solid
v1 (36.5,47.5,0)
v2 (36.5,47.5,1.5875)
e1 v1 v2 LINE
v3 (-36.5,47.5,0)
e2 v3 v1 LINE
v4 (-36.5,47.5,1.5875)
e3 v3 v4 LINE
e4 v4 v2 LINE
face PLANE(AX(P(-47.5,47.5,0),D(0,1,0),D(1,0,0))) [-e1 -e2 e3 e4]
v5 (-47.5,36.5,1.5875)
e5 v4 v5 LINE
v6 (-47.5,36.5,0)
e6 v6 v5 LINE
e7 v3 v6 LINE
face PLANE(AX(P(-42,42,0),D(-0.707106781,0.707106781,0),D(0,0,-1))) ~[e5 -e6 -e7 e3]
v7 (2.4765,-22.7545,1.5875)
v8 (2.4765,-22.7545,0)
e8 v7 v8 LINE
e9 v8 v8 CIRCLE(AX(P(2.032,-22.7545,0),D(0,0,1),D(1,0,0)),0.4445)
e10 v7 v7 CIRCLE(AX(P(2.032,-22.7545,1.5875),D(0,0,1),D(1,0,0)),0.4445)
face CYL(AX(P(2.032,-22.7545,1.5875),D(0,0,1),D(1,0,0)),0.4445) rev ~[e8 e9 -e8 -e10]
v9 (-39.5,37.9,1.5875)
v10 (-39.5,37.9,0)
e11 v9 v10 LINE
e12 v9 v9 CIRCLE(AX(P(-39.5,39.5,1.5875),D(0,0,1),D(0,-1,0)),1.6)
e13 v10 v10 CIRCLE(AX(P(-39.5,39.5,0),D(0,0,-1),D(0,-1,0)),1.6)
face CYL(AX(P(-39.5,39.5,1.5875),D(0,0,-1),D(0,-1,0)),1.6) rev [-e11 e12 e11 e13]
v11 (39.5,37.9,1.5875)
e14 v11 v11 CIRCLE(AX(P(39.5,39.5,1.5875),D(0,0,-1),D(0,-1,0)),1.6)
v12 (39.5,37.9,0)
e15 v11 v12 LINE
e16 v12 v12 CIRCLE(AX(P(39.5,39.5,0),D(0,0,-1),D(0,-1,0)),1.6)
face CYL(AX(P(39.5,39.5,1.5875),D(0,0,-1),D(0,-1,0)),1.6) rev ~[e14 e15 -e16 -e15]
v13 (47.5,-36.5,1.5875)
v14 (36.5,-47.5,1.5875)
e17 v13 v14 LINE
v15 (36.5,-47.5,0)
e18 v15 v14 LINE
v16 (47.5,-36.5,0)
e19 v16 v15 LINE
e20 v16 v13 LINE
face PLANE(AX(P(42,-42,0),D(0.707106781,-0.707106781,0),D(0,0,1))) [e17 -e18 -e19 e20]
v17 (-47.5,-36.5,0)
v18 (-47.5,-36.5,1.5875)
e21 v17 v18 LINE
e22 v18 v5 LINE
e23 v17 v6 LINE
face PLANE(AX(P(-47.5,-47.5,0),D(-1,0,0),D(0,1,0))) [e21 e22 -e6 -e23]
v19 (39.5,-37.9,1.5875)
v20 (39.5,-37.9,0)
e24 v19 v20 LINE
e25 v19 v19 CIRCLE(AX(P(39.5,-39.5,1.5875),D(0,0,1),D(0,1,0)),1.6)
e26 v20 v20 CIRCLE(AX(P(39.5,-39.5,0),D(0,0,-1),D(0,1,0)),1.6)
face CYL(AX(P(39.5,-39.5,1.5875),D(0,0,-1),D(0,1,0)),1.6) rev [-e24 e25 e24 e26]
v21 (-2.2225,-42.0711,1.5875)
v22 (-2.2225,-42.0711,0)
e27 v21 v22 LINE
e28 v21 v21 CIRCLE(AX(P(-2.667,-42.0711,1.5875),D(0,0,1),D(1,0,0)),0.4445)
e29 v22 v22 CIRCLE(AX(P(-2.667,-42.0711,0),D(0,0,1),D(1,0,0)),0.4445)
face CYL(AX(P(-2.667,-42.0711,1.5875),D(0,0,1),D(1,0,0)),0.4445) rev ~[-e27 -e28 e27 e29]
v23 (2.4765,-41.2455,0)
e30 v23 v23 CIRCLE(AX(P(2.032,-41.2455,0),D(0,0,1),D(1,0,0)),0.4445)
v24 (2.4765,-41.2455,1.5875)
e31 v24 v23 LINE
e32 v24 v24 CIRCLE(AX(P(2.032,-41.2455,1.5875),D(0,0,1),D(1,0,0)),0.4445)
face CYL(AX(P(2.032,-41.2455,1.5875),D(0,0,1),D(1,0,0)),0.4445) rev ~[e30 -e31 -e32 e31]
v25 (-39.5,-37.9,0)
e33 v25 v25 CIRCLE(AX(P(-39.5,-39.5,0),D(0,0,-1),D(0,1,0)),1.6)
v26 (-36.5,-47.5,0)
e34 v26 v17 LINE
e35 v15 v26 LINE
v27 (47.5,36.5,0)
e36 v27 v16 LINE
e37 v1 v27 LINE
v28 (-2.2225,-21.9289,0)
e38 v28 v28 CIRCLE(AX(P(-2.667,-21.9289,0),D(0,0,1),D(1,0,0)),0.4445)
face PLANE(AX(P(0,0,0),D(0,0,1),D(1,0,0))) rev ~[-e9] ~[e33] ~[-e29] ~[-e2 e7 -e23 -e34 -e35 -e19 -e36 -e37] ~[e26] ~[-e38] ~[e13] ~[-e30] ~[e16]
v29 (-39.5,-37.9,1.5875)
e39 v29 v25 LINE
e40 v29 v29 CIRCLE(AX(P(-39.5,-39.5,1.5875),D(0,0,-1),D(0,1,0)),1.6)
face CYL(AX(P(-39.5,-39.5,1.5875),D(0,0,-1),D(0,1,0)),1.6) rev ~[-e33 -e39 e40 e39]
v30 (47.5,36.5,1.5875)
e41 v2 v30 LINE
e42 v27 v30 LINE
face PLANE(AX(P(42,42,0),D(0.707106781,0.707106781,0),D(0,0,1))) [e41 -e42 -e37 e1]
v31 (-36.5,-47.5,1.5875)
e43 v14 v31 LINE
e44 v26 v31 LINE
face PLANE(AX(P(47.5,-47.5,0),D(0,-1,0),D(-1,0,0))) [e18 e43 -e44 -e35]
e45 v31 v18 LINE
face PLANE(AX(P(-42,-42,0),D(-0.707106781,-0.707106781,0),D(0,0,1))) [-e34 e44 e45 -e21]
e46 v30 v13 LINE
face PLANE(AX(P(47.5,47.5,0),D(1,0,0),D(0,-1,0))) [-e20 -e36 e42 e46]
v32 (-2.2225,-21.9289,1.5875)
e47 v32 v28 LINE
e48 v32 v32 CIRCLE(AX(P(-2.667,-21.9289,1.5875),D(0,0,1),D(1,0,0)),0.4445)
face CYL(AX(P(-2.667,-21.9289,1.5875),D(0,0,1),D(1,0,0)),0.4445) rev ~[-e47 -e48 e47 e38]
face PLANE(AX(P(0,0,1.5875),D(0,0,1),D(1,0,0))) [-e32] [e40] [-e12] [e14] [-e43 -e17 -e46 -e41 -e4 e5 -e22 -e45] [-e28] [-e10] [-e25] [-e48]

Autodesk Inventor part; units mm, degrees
sketch "AL_spacer_contact_Zminus" plane through (0, 0, 0) normal (0, 0, 1) x (1, 0, 0)
  circle A0 centre (39.5, 39.5) radius 3.175
  circle A1 centre (39.5, -39.5) radius 3.175
  circle A2 centre (-39.5, -39.5) radius 3.175
  circle A3 centre (-39.5, 39.5) radius 3.175
  point P0 (0, 0)
  dimension "d228" = 39.5
  dimension "d229" = 39.5
  dimension "d230" = 39.5
  dimension "d231" = 39.5
  dimension "d232" = 39.5
  dimension "d233" = 39.5
  dimension "d234" = 39.5
  dimension "d235" = 39.5
  dimension "d236" = 6.35
sketch "Delrin_stayout_Zminus" plane through (0, 0, 0) normal (0, 0, 1) x (1, 0, 0)
  line L0 (47.5, 39.5) -> (47.5, 31)
  line L1 (47.5, 31) -> (39.5, 31)
  line L2 (39.5, 31) -> (31, 39.5)
  line L3 (31, 39.5) -> (31, 47.5)
  line L4 (31, 47.5) -> (39.5, 47.5)
  line L5 (39.5, 47.5) -> (47.5, 39.5)
  line L6 (-39.5, 47.5) -> (-47.5, 39.5)
  line L7 (-47.5, 39.5) -> (-47.5, 31)
  line L8 (-47.5, 31) -> (-39.5, 31)
  line L9 (-39.5, 31) -> (-31, 39.5)
  line L10 (-31, 39.5) -> (-31, 47.5)
  line L11 (-31, 47.5) -> (-39.5, 47.5)
  line L12 (47.5, -39.5) -> (39.5, -47.5)
  line L13 (39.5, -47.5) -> (31, -47.5)
  line L14 (31, -47.5) -> (31, -39.5)
  line L15 (31, -39.5) -> (39.5, -31)
  line L16 (39.5, -31) -> (47.5, -31)
  line L17 (47.5, -31) -> (47.5, -39.5)
  line L18 (-39.5, -47.5) -> (-47.5, -39.5)
  line L19 (-47.5, -39.5) -> (-47.5, -31)
  line L20 (-47.5, -31) -> (-39.5, -31)
  line L21 (-39.5, -31) -> (-31, -39.5)
  line L22 (-31, -39.5) -> (-31, -47.5)
  line L23 (-31, -47.5) -> (-39.5, -47.5)
  point P0 (0, 0)
  dimension "d243" = 16.5
  dimension "d244" = 8
  dimension "d245" = 8.5
  dimension "d246" = 16.5
  dimension "d247" = 47.5
  dimension "d248" = 47.5
  dimension "d249" = 47.5
  dimension "d250" = 47.5
  dimension "d251" = 47.5
  dimension "d252" = 47.5
  dimension "d253" = 47.5
  dimension "d254" = 47.5
sketch "Nub_stayout_Zminus" plane through (0, 0, 0) normal (0, 0, 1) x (1, 0, 0)
  line L0 (29, 47.5) -> (39.5, 47.5)
  line L1 (39.5, 47.5) -> (47.5, 39.5)
  line L2 (47.5, 39.5) -> (47.5, 29)
  line L3 (47.5, 29) -> (42, 29)
  line L4 (42, 29) -> (42, 40.4125)
  line L5 (40.4125, 42) -> (29, 42)
  line L6 (29, 42) -> (29, 47.5)
  arc A0 (42, 40.4125) -> (40.4125, 42) centre (40.4125, 40.4125) ccw
  line L7 (-29, 47.5) -> (-39.5, 47.5)
  line L8 (-39.5, 47.5) -> (-47.5, 39.5)
  line L9 (-47.5, 39.5) -> (-47.5, 29)
  line L10 (-47.5, 29) -> (-42, 29)
  line L11 (-42, 29) -> (-42, 40.4125)
  line L12 (-40.4125, 42) -> (-29, 42)
  line L13 (-29, 42) -> (-29, 47.5)
  arc A1 (-40.4125, 42) -> (-42, 40.4125) centre (-40.4125, 40.4125) ccw
  line L14 (-47.5, -29) -> (-42, -29)
  line L15 (-42, -29) -> (-42, -40.4125)
  line L16 (-40.4125, -42) -> (-29, -42)
  line L17 (-29, -42) -> (-29, -47.5)
  line L18 (-29, -47.5) -> (-39.5, -47.5)
  line L19 (-39.5, -47.5) -> (-47.5, -39.5)
  line L20 (-47.5, -39.5) -> (-47.5, -29)
  arc A2 (-42, -40.4125) -> (-40.4125, -42) centre (-40.4125, -40.4125) ccw
  line L21 (47.5, -29) -> (42, -29)
  line L22 (42, -29) -> (42, -40.4125)
  line L23 (40.4125, -42) -> (29, -42)
  line L24 (29, -42) -> (29, -47.5)
  line L25 (29, -47.5) -> (39.5, -47.5)
  line L26 (39.5, -47.5) -> (47.5, -39.5)
  line L27 (47.5, -39.5) -> (47.5, -29)
  arc A3 (40.4125, -42) -> (42, -40.4125) centre (40.4125, -40.4125) ccw
  point P0 (0, 0)
  dimension "d255" = 1.5875
  dimension "d256" = 18.5
  dimension "d257" = 8
  dimension "d258" = 5.5
  dimension "d259" = 47.5
  dimension "d260" = 47.5
  dimension "d264" = 1.5875
  dimension "d265" = 47.5
  dimension "d266" = 47.5
  dimension "d267" = 1.5875
  dimension "d268" = 47.5
  dimension "d269" = 47.5
  dimension "d270" = 1.5875
  dimension "d271" = 47.5
  dimension "d272" = 47.5
ref_plane "Zplus_face" through (0, 0, 1.5875) normal (0, 0, 1) x (1, 0, 0)
sketch "AL_spacer_contact_Zplus" plane through (0, 0, 1.5875) normal (0, 0, 1) x (1, 0, 0)
  circle A0 centre (-39.5, 39.5) radius 3.175
  circle A1 centre (-39.5, -39.5) radius 3.175
  circle A2 centre (39.5, -39.5) radius 3.175
  circle A3 centre (39.5, 39.5) radius 3.175
  point P0 (0, 0)
  dimension "d129" = 39.5
  dimension "d130" = 39.5
  dimension "d131" = 39.5
  dimension "d132" = 39.5
  dimension "d133" = 6.35
sketch "Delrin_stayout_Zplus" plane through (0, 0, 1.5875) normal (0, 0, 1) x (1, 0, 0)
  line L0 (47.5, -31) -> (47.5, -39.5)
  line L1 (47.5, -39.5) -> (39.5, -47.5)
  line L2 (39.5, -47.5) -> (31, -47.5)
  line L3 (31, -47.5) -> (31, -39.5)
  line L4 (31, -39.5) -> (39.5, -31)
  line L5 (39.5, -31) -> (47.5, -31)
  line L6 (47.5, 31) -> (47.5, 39.5)
  line L7 (47.5, 39.5) -> (39.5, 47.5)
  line L8 (39.5, 47.5) -> (31, 47.5)
  line L9 (31, 47.5) -> (31, 39.5)
  line L10 (31, 39.5) -> (39.5, 31)
  line L11 (39.5, 31) -> (47.5, 31)
  line L12 (-39.5, 47.5) -> (-47.5, 39.5)
  line L13 (-47.5, 39.5) -> (-47.5, 31)
  line L14 (-47.5, 31) -> (-39.5, 31)
  line L15 (-39.5, 31) -> (-31, 39.5)
  line L16 (-31, 39.5) -> (-31, 47.5)
  line L17 (-31, 47.5) -> (-39.5, 47.5)
  line L18 (-47.5, -39.5) -> (-39.5, -47.5)
  line L19 (-39.5, -47.5) -> (-31, -47.5)
  line L20 (-31, -47.5) -> (-31, -39.5)
  line L21 (-31, -39.5) -> (-39.5, -31)
  line L22 (-39.5, -31) -> (-47.5, -31)
  line L23 (-47.5, -31) -> (-47.5, -39.5)
  point P0 (0, 0)
  dimension "d115" = 16.5
  dimension "d116" = 16.5
  dimension "d117" = 8
  dimension "d118" = 8.5
  dimension "d121" = 47.5
  dimension "d122" = 47.5
  dimension "d123" = 47.5
  dimension "d124" = 47.5
  dimension "d125" = 47.5
  dimension "d126" = 47.5
  dimension "d127" = 47.5
  dimension "d128" = 47.5
sketch "Nub_stayout_Zplus" plane through (0, 0, 1.5875) normal (0, 0, 1) x (1, 0, 0)
  line L0 (47.5, 29) -> (42, 29)
  line L1 (42, 29) -> (42, 40.4125)
  line L2 (40.4125, 42) -> (29, 42)
  line L3 (29, 42) -> (29, 47.5)
  arc A0 (42, 40.4125) -> (40.4125, 42) centre (40.4125, 40.4125) ccw
  line L4 (29, 47.5) -> (39.5, 47.5)
  line L5 (39.5, 47.5) -> (47.5, 39.5)
  line L6 (47.5, 39.5) -> (47.5, 29)
  line L7 (-39.5, 47.5) -> (-29, 47.5)
  line L8 (-29, 47.5) -> (-29, 42)
  line L9 (-29, 42) -> (-40.4125, 42)
  line L10 (-42, 40.4125) -> (-42, 29)
  line L11 (-42, 29) -> (-47.5, 29)
  line L12 (-47.5, 29) -> (-47.5, 39.5)
  line L13 (-47.5, 39.5) -> (-39.5, 47.5)
  arc A1 (-40.4125, 42) -> (-42, 40.4125) centre (-40.4125, 40.4125) ccw
  line L14 (-47.5, -29) -> (-47.5, -39.5)
  line L15 (-47.5, -39.5) -> (-39.5, -47.5)
  line L16 (-39.5, -47.5) -> (-29, -47.5)
  line L17 (-29, -47.5) -> (-29, -42)
  line L18 (-29, -42) -> (-40.4125, -42)
  line L19 (-42, -40.4125) -> (-42, -29)
  line L20 (-42, -29) -> (-47.5, -29)
  arc A2 (-42, -40.4125) -> (-40.4125, -42) centre (-40.4125, -40.4125) ccw
  line L21 (29, -47.5) -> (39.5, -47.5)
  line L22 (39.5, -47.5) -> (47.5, -39.5)
  line L23 (47.5, -39.5) -> (47.5, -29)
  line L24 (47.5, -29) -> (42, -29)
  line L25 (42, -29) -> (42, -40.4125)
  line L26 (40.4125, -42) -> (29, -42)
  line L27 (29, -42) -> (29, -47.5)
  arc A3 (40.4125, -42) -> (42, -40.4125) centre (40.4125, -40.4125) ccw
  point P0 (0, 0)
  dimension "d146" = 1.5875
  dimension "d147" = 5.5
  dimension "d149" = 18.5
  dimension "d150" = 8
  dimension "d151" = 47.5
  dimension "d152" = 47.5
  dimension "d153" = 1.5875
  dimension "d154" = 47.5
  dimension "d155" = 47.5
  dimension "d156" = 1.5875
  dimension "d157" = 47.5
  dimension "d158" = 47.5
  dimension "d159" = 1.5875
  dimension "d160" = 47.5
  dimension "d161" = 47.5
sketch "Sketch1" plane through (0, 0, 0) normal (0, 0, 1) x (1, 0, 0)
  line L0 (-47.5, 47.5) -> (47.5, 47.5)
  line L1 (47.5, 47.5) -> (47.5, -47.5)
  line L2 (47.5, -47.5) -> (-47.5, -47.5)
  line L3 (-47.5, -47.5) -> (-47.5, 47.5)
  point P0 (0, 0)
  dimension "d0" = 95
  dimension "d1" = 95
  dimension "d2" = 47.5
  dimension "d3" = 47.5
extrude "Extrusion1" add sketch "Sketch1" along normal blind 1.5875
chamfer "Chamfer2" distance 11 angle 45 4 edges at (-47.5, -47.5, 0.7937) (47.5, -47.5, 0.7937) (47.5, 47.5, 0.7937) (-47.5, 47.5, 0.7937)
ref_plane "Work Plane_ConnX" through (-32, 0, 0) normal (1, 0, 0) x (0, 1, 0)
ref_plane "Work Plane_ConnY" through (0, 0, 0) normal (0, 1, 0) x (-1, 0, 0)
sketch "Sketch9" plane through (0, 0, 1.5875) normal (0, 0, 1) x (1, 0, 0)
  line L0 (47.5, 47.5) -> (47.5, -47.5) projected
  line L1 (58.5598, -32) -> (-58.5598, -32)
  circle A0 centre (-2.667, -21.9289) radius 0.4445
  circle A1 centre (-2.667, -42.0711) radius 0.4445
  line L2 (0, 26.5598) -> (0, -90.5598) construction
  point P0 (0, 0)
  point P1 (0, -32)
  dimension "d134" = 20.1422
  dimension "d136" = 2.667
  dimension "d138" = 0.889
  dimension "d141" = 180
  dimension "d350" = 32
  dimension "d351" = 0
extrude "Holes_Conn_Zminus" cut sketch "Sketch9" against normal through all
sketch "Sketch22" plane through (0, 0, 1.5875) normal (0, 0, 1) x (1, 0, 0)
  line L0 (47.5, 36.5) -> (47.5, -36.5) projected
  line L1 (0, -1.0026) -> (0, -62.9974) construction
  line L2 (62.8115, -32) -> (-62.8115, -32)
  circle A0 centre (2.032, -22.7545) radius 0.4445
  circle A1 centre (2.032, -41.2455) radius 0.4445
  point P0 (0, 0)
  point P1 (0, -32)
  dimension "d282" = 180
  dimension "d283" = 18.491
  dimension "d284" = 0.889
  dimension "d285" = 2.032
  dimension "d352" = 32
  dimension "d353" = 0
extrude "Holes_Conn_Zplus" cut sketch "Sketch22" against normal through all
hole "Hole5" at (39.5, 39.5, 1.5875) direction (0, 0, -1) diameter 3.2 end through all
mirror "Mirror5" about plane through (0, 0, 0) normal (1, 0, 0) of "Hole5"
mirror "Mirror6" about plane through (0, 0, 0) normal (0, 1, 0) of "Hole5", "Mirror5"
sketch "Sketch25" plane through (0, 0, 1.5875) normal (0, 0, 1) x (1, 0, 0)
  circle A0 centre (-39.5, -39.5) radius 1.6 projected
  circle A1 centre (39.5, -39.5) radius 1.6 projected
  circle A2 centre (-39.5, 39.5) radius 1.6 projected
  circle A3 centre (39.5, 39.5) radius 1.6 projected
  line L0 (36.5, -47.5) -> (-36.5, -47.5) projected
  line L1 (0, 0) -> (0, -59.2198)
  line L2 (8, -47.5) -> (8, -15.5)
  line L3 (8, -15.5) -> (-8, -15.5)
  line L4 (-8, -15.5) -> (-8, -47.5)
  line L5 (-8, -47.5) -> (-62.7516, -61.7336)
  line L6 (-62.7516, -61.7336) -> (-64.2933, 68.2222)
  line L7 (-64.2933, 68.2222) -> (58.3572, 62.5728)
  line L8 (58.3572, 62.5728) -> (56.5848, -69.017)
  line L9 (56.5848, -69.017) -> (8, -47.5)
  dimension "d362" = 16
  dimension "d363" = 32
extrude "Extrusion9" [suppressed]
sketch "Sketch26" plane through (0, 0, 1.5875) normal (0, 0, 1) x (1, 0, 0)
  line L0 (-47.5, -36.5) -> (-47.5, 36.5) projected
  line L1 (36.5, -47.5) -> (-36.5, -47.5) projected
  line L2 (47.5, 36.5) -> (47.5, -36.5) projected
  line L3 (-36.5, 47.5) -> (36.5, 47.5) projected
  line L4 (-47.4469, 47.553) -> (47.5, 47.5) construction
  line L5 (47.5, 47.5) -> (47.4469, -47.553) construction
  line L6 (47.4469, -47.553) -> (-47.5, -47.5) construction
  line L7 (-47.5, -47.5) -> (-47.4469, 47.553) construction
  point P0 (0, 0)
decal "Decal1"
sketch "Sketch27" plane through (0, 0, 0) normal (0, 0, -1) x (-1, 0, 0)
  line L0 (36.5, 47.5) -> (-36.5, 47.5) projected
  line L1 (-47.5, 36.5) -> (-47.5, -36.5) projected
  line L2 (-36.5, -47.5) -> (36.5, -47.5) projected
  line L3 (47.5, -36.5) -> (47.5, 36.5) projected
  line L4 (-47.4469, 47.553) -> (47.5, 47.5) construction
  line L5 (47.5, 47.5) -> (47.4469, -47.553) construction
  line L6 (47.4469, -47.553) -> (-47.5, -47.5) construction
  line L7 (-47.5, -47.5) -> (-47.4469, 47.553) construction
  point P0 (0, 0)
decal "Decal2"
properties part number "PCB_Batt1" material "FR4"
